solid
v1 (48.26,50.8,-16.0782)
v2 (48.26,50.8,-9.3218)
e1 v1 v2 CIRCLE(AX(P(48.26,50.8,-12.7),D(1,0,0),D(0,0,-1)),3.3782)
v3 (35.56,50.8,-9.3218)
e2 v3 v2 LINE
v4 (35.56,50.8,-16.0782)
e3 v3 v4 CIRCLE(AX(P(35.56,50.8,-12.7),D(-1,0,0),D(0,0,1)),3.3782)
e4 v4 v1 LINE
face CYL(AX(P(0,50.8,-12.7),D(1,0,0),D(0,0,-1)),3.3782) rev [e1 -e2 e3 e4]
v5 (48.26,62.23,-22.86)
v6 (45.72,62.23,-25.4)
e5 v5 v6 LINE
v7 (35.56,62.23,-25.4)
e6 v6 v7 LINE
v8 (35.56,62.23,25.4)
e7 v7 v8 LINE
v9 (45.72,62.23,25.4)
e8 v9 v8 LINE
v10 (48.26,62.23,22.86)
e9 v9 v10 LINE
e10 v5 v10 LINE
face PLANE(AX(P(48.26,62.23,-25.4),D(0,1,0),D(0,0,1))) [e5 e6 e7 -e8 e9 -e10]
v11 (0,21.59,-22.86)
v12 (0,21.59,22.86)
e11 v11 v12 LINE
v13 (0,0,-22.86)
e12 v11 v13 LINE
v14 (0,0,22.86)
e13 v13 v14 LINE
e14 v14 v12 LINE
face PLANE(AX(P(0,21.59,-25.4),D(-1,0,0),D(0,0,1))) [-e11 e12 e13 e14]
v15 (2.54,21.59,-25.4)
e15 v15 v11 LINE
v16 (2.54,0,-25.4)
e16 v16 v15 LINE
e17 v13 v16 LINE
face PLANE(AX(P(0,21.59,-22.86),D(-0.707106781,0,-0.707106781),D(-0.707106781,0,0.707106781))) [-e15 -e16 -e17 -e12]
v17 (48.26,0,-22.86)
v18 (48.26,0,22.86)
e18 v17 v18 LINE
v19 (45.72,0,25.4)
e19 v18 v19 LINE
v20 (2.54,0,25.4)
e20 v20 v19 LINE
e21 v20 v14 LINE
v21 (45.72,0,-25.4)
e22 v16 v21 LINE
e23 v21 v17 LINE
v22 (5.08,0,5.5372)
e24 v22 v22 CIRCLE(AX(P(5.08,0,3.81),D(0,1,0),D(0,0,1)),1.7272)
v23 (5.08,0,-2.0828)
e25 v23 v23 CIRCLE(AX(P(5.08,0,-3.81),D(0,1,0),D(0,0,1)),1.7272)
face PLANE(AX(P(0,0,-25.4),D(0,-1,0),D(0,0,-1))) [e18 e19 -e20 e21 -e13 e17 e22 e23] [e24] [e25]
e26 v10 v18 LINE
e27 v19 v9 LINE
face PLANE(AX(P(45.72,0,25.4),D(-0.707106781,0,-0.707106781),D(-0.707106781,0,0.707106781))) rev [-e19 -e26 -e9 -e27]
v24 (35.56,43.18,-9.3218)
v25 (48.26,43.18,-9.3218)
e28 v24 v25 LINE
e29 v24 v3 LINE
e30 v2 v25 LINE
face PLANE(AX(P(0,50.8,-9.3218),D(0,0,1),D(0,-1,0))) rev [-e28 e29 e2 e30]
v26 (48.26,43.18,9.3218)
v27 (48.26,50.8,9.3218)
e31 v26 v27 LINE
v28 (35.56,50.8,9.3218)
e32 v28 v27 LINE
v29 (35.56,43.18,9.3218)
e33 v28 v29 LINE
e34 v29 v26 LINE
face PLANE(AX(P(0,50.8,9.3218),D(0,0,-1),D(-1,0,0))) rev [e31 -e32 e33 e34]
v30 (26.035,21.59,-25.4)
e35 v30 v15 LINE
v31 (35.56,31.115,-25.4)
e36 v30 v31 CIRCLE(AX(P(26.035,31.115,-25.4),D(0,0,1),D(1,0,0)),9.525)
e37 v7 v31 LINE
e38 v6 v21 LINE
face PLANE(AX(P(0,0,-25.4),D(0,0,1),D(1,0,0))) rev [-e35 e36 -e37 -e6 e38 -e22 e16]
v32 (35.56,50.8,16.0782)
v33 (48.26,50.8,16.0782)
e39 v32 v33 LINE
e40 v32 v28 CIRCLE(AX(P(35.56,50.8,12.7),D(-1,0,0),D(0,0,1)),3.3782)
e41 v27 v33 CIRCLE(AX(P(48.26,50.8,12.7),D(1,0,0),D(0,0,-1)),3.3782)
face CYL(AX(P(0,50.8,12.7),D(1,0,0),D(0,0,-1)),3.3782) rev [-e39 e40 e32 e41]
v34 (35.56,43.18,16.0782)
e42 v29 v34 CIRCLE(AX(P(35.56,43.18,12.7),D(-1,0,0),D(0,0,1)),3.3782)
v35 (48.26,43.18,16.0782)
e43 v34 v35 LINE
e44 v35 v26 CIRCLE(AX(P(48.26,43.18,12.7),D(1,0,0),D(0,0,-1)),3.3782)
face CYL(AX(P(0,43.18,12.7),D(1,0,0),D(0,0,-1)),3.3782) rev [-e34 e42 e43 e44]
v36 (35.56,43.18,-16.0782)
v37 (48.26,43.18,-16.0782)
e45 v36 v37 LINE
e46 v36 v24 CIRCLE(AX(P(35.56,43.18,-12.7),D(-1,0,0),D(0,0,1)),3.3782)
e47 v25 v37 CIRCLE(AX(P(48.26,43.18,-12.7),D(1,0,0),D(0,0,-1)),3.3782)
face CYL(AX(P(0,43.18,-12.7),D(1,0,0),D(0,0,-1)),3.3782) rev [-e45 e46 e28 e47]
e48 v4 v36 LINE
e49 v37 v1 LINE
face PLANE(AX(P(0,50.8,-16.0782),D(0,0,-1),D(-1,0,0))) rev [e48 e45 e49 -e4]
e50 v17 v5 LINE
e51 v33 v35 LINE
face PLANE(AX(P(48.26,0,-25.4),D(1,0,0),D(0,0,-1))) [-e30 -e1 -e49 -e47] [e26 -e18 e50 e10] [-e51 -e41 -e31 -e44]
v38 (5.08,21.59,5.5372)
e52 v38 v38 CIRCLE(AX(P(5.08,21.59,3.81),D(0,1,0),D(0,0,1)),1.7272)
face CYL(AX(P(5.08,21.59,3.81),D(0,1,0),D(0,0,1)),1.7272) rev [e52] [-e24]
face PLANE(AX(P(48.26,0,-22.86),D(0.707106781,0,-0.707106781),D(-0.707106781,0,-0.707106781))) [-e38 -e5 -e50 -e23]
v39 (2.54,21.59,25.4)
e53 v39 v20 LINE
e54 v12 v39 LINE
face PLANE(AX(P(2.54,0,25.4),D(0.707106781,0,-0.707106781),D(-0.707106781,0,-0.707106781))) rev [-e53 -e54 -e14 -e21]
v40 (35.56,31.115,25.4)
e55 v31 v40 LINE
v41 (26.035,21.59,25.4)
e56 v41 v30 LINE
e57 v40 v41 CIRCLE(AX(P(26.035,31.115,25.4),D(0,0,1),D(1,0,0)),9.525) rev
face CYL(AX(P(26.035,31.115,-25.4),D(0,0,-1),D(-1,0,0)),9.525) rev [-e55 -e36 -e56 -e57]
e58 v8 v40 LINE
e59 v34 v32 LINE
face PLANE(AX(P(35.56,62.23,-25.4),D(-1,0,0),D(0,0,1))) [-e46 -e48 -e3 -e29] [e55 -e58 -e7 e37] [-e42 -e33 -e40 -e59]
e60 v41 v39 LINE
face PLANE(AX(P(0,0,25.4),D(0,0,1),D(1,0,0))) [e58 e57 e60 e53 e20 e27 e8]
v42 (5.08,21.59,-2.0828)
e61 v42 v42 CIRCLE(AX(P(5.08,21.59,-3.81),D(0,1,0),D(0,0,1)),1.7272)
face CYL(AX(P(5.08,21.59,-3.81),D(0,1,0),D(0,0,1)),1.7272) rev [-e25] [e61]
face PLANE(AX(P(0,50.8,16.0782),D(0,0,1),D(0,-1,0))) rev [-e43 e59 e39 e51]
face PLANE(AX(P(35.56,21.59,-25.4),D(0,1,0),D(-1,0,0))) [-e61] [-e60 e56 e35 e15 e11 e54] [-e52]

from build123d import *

# Parameters (mm, degrees)
EXTRUDE1_DEPTH        = 25.4
EXTRUDE1_DEPTH_BACK   = 25.4
F_4_CLEARANCE_HOLE1_D = 3.4544
EXTRUDE2_DEPTH        = 49.26
LPATTERN1_COUNT       = 2
LPATTERN1_PITCH       = 25.4
FILLET2_R             = 9.525
CHAMFER1_SIZE         = 2.54


with BuildPart() as part:
    # Sketch1 → Extrude1 (new body, two sides)
    with BuildSketch(Plane.XY) as extrude1_sk:
        Polygon((0, 0), (48.26, 0), (48.26, 62.23), (35.56, 62.23), (35.56, 21.59), (0, 21.59), align=None)
    extrude(amount=EXTRUDE1_DEPTH)
    extrude(extrude1_sk.sketch, amount=-EXTRUDE1_DEPTH_BACK)

    # 4 Clearance Hole1 (through all)
    with Locations(Plane(origin=(0, 21.59, 0), x_dir=(-1, 0, 0), z_dir=(0, 1, 0))):
        with Locations((-5.08, -3.81), (-5.08, 3.81)):
            Hole(F_4_CLEARANCE_HOLE1_D / 2)

    # Sketch4 → Extrude2 (cut, through all)
    with BuildSketch(Plane(origin=(48.26, 0, 0), x_dir=(0, 0, -1), z_dir=(1, 0, 0))):
        with BuildLine():
            Line((16.0782, 50.8), (16.0782, 43.18))
            ThreePointArc((16.0782, 43.18), (12.7, 39.8018), (9.3218, 43.18))
            Line((9.3218, 43.18), (9.3218, 50.8))
            ThreePointArc((9.3218, 50.8), (12.7, 54.1782), (16.0782, 50.8))
        make_face()
    extrude2 = extrude(amount=-EXTRUDE2_DEPTH, mode=Mode.SUBTRACT)

    # LPattern1: Extrude2 ×2
    with Locations(*[(0, 0, i * LPATTERN1_PITCH) for i in range(1, LPATTERN1_COUNT)]):
        add(extrude2, mode=Mode.SUBTRACT)

    # Fillet2
    fillet2_edges = [part.edges().sort_by_distance(p)[0] for p in [
        (35.56, 21.59, 0),
    ]]
    fillet(fillet2_edges, radius=FILLET2_R)

    # Chamfer1
    chamfer1_edges = [part.edges().sort_by_distance(p)[0] for p in [
        (48.26, 31.115, -25.4),
        (0, 10.795, 25.4),
        (48.26, 31.115, 25.4),
        (0, 10.795, -25.4),
    ]]
    chamfer(chamfer1_edges, length=CHAMFER1_SIZE)


solid = part.part
